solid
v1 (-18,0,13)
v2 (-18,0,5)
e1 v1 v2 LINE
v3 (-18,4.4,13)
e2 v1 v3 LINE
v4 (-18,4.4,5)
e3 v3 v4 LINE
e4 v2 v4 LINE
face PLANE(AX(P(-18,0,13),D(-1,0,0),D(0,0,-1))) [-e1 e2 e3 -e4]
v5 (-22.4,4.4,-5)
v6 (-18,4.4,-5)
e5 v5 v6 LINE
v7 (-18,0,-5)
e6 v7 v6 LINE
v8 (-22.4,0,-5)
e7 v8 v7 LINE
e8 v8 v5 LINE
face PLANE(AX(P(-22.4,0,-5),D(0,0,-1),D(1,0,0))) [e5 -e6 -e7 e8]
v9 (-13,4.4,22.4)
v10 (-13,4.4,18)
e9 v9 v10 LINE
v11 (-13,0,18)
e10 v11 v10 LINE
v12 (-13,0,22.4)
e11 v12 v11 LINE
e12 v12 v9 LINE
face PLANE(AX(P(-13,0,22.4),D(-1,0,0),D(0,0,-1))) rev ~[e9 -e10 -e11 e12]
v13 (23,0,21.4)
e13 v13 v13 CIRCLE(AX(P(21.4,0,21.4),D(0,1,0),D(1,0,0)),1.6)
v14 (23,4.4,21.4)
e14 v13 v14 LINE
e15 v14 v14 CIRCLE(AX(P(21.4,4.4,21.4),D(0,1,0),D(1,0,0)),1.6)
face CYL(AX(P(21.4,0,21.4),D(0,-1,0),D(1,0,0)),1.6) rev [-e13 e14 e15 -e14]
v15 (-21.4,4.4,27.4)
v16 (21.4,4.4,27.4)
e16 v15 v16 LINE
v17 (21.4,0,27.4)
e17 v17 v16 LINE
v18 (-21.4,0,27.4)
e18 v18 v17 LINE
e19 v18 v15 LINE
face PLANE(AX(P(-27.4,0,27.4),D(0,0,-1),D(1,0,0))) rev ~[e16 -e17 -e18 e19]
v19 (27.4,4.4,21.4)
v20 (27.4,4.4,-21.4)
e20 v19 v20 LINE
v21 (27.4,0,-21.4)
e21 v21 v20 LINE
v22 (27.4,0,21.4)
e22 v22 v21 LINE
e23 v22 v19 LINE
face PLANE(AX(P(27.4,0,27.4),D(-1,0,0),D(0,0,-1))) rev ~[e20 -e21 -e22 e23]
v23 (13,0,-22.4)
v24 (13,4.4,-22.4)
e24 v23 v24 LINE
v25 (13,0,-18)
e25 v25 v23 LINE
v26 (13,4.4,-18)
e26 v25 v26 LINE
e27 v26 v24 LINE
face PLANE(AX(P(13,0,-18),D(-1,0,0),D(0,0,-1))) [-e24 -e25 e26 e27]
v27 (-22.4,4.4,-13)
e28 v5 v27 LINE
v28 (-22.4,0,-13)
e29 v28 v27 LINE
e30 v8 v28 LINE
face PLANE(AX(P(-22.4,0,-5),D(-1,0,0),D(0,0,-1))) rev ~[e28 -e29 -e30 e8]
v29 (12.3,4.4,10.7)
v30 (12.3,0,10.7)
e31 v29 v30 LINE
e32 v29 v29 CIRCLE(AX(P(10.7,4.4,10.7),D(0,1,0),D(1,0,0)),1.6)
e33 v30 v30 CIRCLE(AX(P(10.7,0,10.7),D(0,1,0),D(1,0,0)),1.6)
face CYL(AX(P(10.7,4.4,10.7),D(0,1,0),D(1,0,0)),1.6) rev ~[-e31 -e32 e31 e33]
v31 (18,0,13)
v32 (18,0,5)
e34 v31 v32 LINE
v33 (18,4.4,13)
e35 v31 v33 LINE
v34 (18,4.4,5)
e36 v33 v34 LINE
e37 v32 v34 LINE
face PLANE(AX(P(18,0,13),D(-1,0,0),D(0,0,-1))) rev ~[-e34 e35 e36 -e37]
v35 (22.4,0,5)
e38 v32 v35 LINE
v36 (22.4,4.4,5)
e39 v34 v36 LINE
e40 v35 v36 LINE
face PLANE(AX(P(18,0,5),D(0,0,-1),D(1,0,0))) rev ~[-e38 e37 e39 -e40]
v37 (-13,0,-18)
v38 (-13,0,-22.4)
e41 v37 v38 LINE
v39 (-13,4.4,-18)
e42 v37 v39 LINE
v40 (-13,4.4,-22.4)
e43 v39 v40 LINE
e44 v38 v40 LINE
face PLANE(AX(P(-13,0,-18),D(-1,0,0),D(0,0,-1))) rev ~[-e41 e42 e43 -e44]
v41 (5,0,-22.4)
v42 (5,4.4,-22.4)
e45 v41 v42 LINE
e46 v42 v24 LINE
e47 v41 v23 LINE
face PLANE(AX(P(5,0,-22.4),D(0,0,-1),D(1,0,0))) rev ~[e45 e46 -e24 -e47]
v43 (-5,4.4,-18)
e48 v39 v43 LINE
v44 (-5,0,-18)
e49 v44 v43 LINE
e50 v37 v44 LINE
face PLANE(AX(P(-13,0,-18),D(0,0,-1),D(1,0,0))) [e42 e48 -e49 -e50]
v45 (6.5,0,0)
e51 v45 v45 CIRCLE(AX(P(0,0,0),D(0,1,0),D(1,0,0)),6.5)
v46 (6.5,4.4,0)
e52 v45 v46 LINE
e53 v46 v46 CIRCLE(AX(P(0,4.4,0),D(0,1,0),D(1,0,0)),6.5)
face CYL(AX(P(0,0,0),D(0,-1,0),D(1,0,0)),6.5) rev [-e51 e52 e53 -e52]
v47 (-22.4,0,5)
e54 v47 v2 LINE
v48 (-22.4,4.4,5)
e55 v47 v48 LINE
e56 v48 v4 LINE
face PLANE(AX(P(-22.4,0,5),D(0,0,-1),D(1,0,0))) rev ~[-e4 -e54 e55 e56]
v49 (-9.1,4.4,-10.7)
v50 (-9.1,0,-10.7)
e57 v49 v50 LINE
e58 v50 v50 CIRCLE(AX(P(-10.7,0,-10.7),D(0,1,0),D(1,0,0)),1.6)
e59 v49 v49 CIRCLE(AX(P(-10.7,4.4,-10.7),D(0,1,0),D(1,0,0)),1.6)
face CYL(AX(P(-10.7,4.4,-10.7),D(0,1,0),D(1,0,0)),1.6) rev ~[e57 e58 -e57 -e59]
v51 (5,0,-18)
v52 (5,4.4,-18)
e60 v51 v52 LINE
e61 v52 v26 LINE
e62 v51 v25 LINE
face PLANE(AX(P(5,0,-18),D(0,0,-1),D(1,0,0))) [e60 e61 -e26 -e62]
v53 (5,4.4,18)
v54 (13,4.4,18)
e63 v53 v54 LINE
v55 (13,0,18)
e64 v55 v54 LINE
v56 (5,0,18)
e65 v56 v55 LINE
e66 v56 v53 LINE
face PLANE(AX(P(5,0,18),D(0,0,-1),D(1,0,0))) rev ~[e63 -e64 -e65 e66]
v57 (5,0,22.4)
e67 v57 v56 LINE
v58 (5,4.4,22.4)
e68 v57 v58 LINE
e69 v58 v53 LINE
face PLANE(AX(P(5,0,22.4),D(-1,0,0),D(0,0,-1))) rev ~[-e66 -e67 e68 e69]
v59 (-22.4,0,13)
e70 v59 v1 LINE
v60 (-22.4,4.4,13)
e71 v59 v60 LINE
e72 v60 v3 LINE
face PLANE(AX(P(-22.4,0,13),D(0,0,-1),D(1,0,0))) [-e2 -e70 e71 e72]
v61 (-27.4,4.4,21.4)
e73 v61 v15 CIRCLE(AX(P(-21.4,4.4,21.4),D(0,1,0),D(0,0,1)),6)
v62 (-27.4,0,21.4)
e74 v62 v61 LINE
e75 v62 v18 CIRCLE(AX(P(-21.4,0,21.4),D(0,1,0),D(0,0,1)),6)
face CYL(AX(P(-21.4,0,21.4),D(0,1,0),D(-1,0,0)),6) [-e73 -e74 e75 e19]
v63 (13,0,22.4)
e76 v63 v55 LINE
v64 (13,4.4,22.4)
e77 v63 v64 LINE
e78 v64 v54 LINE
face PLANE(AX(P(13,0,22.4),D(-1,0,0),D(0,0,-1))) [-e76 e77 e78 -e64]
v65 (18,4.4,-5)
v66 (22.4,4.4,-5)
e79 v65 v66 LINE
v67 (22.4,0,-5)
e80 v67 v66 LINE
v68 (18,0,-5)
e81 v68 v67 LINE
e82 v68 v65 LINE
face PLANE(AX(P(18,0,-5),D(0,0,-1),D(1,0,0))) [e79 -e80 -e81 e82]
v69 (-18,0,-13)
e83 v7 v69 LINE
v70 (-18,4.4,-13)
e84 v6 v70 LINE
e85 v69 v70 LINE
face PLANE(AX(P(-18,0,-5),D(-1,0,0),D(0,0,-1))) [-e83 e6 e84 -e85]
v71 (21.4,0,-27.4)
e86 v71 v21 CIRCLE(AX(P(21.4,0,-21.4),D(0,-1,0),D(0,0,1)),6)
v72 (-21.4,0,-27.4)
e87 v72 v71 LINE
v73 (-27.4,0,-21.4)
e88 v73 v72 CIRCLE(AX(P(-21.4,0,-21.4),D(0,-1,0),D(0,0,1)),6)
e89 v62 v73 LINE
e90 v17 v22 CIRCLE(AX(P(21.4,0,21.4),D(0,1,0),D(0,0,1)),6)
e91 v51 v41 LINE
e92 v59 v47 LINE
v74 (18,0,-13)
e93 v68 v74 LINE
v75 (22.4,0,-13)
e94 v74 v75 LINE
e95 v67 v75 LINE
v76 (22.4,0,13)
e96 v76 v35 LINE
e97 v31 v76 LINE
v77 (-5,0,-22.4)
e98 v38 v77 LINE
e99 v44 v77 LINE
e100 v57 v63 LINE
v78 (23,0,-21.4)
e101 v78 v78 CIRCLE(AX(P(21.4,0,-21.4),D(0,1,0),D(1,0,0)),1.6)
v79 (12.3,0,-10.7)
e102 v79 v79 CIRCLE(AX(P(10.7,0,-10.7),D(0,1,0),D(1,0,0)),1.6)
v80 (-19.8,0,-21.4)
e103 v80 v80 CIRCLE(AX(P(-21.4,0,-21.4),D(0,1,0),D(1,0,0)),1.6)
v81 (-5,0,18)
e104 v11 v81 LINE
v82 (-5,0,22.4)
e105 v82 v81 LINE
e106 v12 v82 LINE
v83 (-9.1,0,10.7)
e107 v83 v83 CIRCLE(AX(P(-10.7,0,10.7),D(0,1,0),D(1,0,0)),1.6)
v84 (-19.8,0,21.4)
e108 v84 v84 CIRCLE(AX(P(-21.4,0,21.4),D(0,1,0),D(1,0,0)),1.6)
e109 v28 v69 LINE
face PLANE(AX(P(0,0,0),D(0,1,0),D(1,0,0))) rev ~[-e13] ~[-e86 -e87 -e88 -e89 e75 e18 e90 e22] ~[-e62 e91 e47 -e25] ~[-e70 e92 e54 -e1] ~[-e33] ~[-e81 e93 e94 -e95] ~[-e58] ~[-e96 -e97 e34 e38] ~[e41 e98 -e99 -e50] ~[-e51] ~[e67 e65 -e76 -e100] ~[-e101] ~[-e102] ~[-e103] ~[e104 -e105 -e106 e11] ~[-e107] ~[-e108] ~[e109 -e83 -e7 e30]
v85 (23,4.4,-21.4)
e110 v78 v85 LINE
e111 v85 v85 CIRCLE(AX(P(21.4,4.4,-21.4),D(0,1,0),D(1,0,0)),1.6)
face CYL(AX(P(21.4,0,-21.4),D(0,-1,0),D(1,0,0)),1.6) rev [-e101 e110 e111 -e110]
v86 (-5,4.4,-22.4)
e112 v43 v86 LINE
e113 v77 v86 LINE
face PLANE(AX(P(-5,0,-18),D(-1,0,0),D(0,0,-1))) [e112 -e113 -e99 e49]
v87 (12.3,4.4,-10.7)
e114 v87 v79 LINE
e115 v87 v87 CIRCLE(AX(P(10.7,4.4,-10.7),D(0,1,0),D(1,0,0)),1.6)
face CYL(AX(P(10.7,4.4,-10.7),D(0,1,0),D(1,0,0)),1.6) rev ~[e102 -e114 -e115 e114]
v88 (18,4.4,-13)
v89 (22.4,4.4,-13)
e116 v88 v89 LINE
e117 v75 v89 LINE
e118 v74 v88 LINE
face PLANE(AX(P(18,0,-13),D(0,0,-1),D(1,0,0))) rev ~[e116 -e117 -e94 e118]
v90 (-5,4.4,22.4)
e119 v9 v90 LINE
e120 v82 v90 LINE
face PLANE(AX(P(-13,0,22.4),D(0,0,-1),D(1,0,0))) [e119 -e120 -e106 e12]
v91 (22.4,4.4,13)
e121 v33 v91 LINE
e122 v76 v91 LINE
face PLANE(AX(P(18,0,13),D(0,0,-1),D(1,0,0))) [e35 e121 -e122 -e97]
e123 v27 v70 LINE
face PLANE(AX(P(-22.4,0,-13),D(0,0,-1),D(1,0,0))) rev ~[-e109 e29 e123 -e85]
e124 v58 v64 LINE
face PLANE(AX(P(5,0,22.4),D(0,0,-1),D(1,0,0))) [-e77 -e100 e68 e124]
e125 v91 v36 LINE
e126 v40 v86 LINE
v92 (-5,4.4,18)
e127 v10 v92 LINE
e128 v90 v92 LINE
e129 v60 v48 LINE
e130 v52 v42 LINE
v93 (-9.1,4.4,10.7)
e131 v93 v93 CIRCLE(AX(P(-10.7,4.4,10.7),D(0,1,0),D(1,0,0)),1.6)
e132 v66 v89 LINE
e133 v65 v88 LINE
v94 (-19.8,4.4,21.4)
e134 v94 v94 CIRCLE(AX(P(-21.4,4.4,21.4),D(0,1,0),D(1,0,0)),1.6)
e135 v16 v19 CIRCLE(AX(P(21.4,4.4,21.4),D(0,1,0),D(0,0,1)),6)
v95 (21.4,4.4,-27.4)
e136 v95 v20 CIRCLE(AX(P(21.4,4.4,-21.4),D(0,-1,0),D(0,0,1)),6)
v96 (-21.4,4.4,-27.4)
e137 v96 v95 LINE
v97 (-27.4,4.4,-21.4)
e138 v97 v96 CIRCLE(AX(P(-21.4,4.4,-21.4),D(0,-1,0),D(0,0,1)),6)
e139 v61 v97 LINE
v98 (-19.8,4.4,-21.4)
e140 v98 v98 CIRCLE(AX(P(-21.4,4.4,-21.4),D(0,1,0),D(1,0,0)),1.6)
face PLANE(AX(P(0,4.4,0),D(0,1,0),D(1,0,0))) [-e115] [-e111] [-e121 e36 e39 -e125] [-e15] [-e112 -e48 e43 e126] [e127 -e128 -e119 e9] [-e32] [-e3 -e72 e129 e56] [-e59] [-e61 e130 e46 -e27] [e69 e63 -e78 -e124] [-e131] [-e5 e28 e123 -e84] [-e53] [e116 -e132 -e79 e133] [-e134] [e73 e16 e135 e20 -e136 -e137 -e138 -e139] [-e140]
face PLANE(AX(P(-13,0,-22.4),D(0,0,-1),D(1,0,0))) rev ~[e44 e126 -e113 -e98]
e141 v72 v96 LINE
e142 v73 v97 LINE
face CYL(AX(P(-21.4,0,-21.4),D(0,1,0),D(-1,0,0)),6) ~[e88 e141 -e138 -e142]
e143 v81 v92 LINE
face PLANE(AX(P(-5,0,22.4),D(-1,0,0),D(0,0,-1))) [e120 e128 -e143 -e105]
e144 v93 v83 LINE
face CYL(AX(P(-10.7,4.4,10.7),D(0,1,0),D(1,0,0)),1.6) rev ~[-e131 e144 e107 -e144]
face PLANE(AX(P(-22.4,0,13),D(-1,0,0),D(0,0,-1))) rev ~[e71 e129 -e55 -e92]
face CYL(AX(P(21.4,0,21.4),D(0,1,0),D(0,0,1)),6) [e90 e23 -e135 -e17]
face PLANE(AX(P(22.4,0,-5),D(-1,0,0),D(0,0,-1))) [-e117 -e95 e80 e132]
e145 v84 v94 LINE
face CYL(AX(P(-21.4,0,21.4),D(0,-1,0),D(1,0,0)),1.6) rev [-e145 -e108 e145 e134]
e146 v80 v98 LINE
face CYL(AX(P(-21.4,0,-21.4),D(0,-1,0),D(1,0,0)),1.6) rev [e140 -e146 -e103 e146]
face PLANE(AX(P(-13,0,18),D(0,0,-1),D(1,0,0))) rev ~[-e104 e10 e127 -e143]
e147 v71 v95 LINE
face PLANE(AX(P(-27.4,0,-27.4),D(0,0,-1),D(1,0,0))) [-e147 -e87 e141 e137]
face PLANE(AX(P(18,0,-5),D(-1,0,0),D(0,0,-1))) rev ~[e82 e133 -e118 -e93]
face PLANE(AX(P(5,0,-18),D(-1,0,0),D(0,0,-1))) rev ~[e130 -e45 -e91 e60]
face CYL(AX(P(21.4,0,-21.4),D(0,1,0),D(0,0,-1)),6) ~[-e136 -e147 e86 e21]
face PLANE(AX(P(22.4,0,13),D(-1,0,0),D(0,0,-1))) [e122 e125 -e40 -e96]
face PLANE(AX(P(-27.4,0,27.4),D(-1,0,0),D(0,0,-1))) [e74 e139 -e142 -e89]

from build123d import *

# Parameters (mm, degrees)
SKETCH_1_W          = 54.8
SKETCH_1_H          = 54.8
SKETCH_1_R          = 6.5
SKETCH_1_R_2        = 1.6
SKETCH_1_W_2        = 4.4
SKETCH_1_H_2        = 8
SKETCH_1_W_3        = 8
SKETCH_1_H_3        = 4.4
EXTRUDE_1_DEPTH     = 4.4
FILLET_1_R          = 6
SKETCH_2_R          = 1.6
CUT_EXTRUDE_1_DEPTH = 10


with BuildPart() as part:
    # 草图1 → 凸台-拉伸1 (new body)
    with BuildSketch(Plane(origin=(0, 0, 0), x_dir=(1, 0, 0), z_dir=(0, 1, 0))):
        Rectangle(SKETCH_1_W, SKETCH_1_H)
        Circle(SKETCH_1_R, mode=Mode.SUBTRACT)
        with Locations((21.4, 21.4)):
            Circle(SKETCH_1_R_2, mode=Mode.SUBTRACT)
        with Locations((21.4, -21.4)):
            Circle(SKETCH_1_R_2, mode=Mode.SUBTRACT)
        with Locations((-21.4, -21.4)):
            Circle(SKETCH_1_R_2, mode=Mode.SUBTRACT)
        with Locations((-21.4, 21.4)):
            Circle(SKETCH_1_R_2, mode=Mode.SUBTRACT)
        with Locations((20.2, 9)):
            Rectangle(SKETCH_1_W_2, SKETCH_1_H_2, mode=Mode.SUBTRACT)
        with Locations((20.2, -9)):
            Rectangle(SKETCH_1_W_2, SKETCH_1_H_2, mode=Mode.SUBTRACT)
        with Locations((-20.2, -9)):
            Rectangle(SKETCH_1_W_2, SKETCH_1_H_2, mode=Mode.SUBTRACT)
        with Locations((-20.2, 9)):
            Rectangle(SKETCH_1_W_2, SKETCH_1_H_2, mode=Mode.SUBTRACT)
        with Locations((9, 20.2)):
            Rectangle(SKETCH_1_W_3, SKETCH_1_H_3, mode=Mode.SUBTRACT)
        with Locations((9, -20.2)):
            Rectangle(SKETCH_1_W_3, SKETCH_1_H_3, mode=Mode.SUBTRACT)
        with Locations((-9, -20.2)):
            Rectangle(SKETCH_1_W_3, SKETCH_1_H_3, mode=Mode.SUBTRACT)
        with Locations((-9, 20.2)):
            Rectangle(SKETCH_1_W_3, SKETCH_1_H_3, mode=Mode.SUBTRACT)
    extrude(amount=EXTRUDE_1_DEPTH)

    # 圆角1
    fillet_1_edges = [part.edges().sort_by_distance(p)[0] for p in [
        (27.4, 2.2, 27.4),
        (-27.4, 2.2, 27.4),
        (-27.4, 2.2, -27.4),
        (27.4, 2.2, -27.4),
    ]]
    fillet(fillet_1_edges, radius=FILLET_1_R)

    # 草图2 → 切除-拉伸1 (cut)
    with BuildSketch(Plane(origin=(0, 4.4, 0), x_dir=(1, 0, 0), z_dir=(0, 1, 0))):
        with Locations((10.7, 10.7)):
            Circle(SKETCH_2_R)
        with Locations((10.7, -10.7)):
            Circle(SKETCH_2_R)
        with Locations((-10.7, -10.7)):
            Circle(SKETCH_2_R)
        with Locations((-10.7, 10.7)):
            Circle(SKETCH_2_R)
    extrude(amount=-CUT_EXTRUDE_1_DEPTH, mode=Mode.SUBTRACT)


solid = part.part
